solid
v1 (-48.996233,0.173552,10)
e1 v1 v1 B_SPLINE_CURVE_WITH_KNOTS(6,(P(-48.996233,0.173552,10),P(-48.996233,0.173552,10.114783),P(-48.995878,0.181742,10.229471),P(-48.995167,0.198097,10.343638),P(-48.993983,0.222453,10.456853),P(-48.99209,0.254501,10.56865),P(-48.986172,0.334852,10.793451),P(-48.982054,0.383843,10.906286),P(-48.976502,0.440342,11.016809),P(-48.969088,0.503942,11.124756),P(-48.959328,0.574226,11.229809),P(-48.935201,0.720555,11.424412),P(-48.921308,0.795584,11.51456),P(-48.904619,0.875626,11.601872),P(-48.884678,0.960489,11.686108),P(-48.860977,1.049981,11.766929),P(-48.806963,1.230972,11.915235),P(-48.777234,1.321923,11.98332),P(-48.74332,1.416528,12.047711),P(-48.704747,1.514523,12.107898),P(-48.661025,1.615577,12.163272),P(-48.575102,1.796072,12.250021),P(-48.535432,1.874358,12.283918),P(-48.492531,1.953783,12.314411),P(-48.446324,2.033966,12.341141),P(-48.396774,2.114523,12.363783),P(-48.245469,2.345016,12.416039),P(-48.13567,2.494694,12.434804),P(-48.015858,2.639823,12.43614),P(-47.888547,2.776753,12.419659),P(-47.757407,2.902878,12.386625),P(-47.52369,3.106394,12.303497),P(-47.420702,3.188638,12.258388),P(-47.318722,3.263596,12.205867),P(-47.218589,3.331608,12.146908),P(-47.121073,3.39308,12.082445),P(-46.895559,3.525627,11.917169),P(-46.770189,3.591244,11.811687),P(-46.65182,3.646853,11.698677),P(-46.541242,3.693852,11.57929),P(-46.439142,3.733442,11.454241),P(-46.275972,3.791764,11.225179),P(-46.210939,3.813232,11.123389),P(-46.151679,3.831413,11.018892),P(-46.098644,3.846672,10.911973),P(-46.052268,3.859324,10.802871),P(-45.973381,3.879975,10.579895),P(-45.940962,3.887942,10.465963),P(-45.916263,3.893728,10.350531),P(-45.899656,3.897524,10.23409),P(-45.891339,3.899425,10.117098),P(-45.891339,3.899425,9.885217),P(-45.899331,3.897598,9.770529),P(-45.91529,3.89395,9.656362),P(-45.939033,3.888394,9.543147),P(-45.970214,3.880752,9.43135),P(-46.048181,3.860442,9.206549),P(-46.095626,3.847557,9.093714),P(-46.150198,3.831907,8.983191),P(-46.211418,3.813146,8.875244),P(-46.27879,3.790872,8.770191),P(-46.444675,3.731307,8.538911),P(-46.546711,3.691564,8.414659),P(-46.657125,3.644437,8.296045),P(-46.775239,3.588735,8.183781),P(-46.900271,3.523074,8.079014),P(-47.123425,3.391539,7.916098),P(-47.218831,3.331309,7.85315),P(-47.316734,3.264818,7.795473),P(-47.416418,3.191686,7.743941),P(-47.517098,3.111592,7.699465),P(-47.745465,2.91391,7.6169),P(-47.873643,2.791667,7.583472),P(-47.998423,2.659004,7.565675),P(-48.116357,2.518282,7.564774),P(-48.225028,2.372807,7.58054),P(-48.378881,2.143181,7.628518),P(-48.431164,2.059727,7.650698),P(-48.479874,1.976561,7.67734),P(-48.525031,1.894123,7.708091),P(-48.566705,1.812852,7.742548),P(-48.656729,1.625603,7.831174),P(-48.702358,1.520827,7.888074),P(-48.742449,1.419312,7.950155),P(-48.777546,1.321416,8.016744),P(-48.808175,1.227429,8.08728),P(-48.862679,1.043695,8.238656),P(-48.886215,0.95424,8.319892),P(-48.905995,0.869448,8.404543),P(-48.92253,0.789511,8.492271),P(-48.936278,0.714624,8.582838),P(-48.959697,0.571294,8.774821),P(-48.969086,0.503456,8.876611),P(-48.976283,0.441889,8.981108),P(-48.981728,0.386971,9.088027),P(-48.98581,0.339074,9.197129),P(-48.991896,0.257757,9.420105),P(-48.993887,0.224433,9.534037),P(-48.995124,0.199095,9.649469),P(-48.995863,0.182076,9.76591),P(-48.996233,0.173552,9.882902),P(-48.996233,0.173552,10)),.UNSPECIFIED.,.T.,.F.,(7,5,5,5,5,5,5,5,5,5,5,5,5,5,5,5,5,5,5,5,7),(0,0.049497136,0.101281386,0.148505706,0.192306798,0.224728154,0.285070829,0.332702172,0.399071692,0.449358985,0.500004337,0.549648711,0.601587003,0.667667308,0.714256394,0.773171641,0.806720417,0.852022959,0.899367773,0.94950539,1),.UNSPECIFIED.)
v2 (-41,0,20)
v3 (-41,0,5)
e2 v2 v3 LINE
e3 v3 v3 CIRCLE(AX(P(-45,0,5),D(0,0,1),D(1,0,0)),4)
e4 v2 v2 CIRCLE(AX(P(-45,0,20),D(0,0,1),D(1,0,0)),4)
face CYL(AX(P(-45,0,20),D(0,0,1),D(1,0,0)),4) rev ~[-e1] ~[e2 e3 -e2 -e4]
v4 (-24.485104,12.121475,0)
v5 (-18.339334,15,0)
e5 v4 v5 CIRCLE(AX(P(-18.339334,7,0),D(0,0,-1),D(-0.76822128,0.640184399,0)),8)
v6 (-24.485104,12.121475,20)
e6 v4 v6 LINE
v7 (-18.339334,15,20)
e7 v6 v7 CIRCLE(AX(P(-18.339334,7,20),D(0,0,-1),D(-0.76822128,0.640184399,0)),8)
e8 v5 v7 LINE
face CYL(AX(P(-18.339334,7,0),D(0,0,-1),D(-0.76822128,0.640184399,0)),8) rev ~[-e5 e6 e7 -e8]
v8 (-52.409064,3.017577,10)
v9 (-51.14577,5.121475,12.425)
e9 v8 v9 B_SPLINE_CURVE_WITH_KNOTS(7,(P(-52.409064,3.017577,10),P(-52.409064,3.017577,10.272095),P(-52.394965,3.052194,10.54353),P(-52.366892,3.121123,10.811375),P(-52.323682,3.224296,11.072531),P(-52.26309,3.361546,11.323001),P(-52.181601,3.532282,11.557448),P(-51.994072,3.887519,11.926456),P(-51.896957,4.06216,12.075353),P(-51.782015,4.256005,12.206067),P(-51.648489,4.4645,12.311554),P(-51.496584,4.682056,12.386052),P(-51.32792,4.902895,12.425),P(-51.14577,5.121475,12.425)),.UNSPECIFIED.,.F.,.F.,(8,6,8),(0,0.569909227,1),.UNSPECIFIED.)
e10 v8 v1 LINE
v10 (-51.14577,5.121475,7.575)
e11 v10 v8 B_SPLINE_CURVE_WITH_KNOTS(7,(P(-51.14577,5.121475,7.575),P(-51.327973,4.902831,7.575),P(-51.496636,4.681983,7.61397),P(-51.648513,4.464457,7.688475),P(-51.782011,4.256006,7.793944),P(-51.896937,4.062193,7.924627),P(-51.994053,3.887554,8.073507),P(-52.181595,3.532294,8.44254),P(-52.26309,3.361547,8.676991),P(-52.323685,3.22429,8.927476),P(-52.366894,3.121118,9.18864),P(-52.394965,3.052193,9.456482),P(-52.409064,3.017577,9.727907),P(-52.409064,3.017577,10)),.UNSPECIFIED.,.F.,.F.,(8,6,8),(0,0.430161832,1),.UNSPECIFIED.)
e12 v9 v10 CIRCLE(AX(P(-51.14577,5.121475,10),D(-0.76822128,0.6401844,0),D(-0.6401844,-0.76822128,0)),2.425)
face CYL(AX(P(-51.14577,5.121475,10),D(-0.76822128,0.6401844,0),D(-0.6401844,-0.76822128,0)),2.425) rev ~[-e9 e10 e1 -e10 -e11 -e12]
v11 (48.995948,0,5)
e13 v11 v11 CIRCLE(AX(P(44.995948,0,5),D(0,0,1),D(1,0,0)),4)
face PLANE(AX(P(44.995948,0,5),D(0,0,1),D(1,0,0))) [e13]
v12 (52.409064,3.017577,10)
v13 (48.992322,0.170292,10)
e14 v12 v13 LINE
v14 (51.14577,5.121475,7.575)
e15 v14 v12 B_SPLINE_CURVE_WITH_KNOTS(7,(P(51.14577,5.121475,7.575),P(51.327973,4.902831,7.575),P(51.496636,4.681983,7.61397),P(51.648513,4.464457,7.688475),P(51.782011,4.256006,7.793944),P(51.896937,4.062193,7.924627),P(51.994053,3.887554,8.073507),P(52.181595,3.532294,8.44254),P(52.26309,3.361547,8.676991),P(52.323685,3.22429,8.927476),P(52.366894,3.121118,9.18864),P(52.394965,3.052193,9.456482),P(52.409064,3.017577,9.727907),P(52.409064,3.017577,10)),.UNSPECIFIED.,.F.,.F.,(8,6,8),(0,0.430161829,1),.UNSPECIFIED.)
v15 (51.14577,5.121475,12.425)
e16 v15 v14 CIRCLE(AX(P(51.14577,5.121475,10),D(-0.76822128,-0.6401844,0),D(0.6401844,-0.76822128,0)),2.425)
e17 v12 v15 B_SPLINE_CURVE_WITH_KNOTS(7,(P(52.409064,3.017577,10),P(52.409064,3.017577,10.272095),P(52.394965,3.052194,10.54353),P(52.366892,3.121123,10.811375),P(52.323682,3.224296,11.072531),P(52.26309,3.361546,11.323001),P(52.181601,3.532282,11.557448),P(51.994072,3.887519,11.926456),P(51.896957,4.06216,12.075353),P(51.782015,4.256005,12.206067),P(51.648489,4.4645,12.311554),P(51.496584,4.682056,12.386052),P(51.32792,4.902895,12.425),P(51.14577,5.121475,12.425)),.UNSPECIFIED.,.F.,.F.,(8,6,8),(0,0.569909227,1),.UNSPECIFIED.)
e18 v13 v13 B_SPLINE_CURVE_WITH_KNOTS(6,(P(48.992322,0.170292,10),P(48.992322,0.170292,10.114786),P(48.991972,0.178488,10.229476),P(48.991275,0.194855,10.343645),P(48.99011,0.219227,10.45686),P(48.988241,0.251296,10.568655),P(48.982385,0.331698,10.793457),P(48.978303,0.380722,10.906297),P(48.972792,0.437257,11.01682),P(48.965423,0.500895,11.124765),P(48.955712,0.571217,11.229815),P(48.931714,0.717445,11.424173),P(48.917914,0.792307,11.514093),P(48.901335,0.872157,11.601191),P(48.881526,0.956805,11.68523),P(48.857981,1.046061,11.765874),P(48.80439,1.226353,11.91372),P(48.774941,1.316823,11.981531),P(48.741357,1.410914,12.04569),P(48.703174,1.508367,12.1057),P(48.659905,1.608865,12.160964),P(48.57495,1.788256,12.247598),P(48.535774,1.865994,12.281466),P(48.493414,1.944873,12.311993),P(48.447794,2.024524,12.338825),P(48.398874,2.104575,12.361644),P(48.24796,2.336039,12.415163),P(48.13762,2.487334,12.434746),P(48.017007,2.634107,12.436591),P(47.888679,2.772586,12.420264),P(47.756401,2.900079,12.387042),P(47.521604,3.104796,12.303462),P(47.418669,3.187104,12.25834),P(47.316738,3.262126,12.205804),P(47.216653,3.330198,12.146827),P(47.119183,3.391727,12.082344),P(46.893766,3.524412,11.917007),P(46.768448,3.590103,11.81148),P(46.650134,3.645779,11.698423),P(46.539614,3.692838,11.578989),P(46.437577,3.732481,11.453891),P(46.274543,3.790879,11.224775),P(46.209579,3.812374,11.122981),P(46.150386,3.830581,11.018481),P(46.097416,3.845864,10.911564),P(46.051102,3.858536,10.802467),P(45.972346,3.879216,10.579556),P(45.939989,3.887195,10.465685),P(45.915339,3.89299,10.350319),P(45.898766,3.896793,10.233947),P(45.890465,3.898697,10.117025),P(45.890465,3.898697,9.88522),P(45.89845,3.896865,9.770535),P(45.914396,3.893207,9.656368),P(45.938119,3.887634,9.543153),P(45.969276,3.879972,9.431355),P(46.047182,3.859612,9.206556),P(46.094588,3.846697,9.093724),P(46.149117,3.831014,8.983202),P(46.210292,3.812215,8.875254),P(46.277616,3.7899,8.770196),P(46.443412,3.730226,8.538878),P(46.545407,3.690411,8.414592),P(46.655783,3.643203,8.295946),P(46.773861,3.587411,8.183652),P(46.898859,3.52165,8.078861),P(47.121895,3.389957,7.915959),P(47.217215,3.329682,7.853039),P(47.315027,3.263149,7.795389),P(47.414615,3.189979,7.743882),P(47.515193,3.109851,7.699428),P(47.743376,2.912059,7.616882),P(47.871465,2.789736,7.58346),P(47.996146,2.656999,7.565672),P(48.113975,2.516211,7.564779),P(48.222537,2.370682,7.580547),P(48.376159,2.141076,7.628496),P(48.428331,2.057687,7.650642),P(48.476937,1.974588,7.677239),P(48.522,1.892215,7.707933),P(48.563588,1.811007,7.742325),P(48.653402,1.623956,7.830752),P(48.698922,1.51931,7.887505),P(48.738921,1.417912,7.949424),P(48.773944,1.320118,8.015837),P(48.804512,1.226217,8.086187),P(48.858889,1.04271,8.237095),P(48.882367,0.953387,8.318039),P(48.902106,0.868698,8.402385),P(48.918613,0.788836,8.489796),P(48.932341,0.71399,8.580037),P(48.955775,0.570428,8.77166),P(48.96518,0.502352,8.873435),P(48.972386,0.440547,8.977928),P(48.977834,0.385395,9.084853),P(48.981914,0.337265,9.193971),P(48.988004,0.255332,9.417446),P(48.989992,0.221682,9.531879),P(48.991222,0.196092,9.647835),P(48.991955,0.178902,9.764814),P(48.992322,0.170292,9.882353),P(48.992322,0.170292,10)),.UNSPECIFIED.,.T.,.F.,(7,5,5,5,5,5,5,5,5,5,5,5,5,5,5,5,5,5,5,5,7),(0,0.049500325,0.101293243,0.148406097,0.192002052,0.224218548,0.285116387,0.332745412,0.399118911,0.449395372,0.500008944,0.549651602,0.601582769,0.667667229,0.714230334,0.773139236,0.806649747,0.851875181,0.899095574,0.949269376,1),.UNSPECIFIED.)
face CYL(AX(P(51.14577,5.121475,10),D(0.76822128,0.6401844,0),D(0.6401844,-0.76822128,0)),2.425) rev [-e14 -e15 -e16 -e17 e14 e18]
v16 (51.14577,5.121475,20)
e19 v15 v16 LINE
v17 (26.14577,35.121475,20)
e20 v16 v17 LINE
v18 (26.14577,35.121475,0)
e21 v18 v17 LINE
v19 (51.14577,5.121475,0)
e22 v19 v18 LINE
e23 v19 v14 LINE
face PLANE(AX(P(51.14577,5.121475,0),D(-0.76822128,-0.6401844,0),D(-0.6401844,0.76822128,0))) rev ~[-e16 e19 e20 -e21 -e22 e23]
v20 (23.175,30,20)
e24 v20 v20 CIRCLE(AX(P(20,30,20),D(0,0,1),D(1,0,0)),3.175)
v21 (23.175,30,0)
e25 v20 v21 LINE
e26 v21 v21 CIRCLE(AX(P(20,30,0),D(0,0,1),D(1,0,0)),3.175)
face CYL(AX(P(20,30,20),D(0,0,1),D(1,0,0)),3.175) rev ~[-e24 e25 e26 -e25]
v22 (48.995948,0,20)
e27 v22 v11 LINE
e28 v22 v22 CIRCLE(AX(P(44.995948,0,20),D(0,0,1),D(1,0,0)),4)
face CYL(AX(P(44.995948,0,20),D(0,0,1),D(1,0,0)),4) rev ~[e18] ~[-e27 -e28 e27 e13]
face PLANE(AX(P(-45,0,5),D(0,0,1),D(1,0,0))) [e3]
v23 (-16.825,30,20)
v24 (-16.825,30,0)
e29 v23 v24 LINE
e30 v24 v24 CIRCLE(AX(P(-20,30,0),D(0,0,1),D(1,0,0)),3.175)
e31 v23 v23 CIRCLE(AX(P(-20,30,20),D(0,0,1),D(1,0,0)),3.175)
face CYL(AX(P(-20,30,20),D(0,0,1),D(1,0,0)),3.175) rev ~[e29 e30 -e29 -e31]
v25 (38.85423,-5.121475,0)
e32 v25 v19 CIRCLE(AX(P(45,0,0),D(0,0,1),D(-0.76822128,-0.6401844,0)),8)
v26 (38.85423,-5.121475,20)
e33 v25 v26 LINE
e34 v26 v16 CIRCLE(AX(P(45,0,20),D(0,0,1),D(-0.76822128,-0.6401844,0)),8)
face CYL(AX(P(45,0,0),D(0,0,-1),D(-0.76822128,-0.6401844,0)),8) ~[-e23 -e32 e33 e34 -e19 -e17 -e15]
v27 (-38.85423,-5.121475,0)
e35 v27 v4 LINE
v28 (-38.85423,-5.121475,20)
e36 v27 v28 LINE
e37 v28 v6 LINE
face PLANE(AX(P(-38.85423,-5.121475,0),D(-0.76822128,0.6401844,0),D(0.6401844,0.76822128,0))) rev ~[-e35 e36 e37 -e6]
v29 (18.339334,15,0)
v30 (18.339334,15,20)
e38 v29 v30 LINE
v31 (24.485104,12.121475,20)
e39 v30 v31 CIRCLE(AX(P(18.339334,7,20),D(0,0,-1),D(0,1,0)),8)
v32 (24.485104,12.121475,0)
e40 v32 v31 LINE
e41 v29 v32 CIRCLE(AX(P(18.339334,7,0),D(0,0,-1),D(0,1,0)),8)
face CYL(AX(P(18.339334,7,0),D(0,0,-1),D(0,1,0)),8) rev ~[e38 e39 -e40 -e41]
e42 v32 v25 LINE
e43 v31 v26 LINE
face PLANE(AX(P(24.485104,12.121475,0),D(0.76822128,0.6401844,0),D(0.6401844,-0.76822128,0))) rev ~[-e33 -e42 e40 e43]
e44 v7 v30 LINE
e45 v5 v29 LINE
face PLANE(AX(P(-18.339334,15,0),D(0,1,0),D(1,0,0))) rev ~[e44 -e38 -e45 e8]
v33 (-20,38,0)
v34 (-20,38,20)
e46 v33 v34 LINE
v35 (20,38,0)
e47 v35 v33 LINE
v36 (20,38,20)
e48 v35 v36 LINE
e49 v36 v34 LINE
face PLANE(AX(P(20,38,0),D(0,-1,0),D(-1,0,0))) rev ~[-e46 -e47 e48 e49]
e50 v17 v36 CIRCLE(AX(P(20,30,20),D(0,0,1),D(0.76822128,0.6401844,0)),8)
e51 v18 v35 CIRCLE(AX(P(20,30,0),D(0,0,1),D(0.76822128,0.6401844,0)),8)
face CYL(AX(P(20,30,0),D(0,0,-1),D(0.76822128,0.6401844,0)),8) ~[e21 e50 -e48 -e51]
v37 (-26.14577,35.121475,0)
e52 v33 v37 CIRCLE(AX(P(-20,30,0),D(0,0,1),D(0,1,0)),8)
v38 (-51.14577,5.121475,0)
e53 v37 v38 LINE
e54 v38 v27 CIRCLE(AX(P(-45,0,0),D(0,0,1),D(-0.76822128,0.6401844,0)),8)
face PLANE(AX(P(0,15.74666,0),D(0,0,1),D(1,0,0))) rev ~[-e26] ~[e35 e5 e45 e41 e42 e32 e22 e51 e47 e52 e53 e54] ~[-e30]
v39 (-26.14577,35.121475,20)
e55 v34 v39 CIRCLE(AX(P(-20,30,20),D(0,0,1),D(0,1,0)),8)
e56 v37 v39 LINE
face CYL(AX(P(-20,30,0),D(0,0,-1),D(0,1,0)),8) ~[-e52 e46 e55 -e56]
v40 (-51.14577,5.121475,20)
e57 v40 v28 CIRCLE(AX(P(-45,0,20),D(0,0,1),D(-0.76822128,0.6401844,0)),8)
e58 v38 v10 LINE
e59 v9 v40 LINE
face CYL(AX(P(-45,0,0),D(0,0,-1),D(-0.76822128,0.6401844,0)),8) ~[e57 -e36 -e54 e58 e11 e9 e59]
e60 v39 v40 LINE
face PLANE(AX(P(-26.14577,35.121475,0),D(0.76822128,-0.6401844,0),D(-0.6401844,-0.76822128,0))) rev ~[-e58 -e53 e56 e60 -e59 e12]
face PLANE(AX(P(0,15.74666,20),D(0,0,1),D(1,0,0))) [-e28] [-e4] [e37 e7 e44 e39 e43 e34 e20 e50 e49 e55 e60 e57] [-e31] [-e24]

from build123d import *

# Parameters (mm, degrees)
BOSS_EXTRUDE1_DEPTH = 20
SKETCH2_R           = 4
CUT_EXTRUDE1_DEPTH  = 15
SKETCH6_R           = 2.425
CUT_EXTRUDE5_DEPTH  = 6
CUT_EXTRUDE6_REACH  = 70.213
SKETCH7_R           = 3.175


with BuildPart() as part:
    # Sketch1 → Boss-Extrude1 (new body)
    with BuildSketch(Plane.XY):
        with BuildLine():
            Line((-26.145770237, 35.121475197), (-51.145770237, 5.121475197))
            ThreePointArc((-51.145770237, 5.121475197), (-50.121475197, -6.145770237), (-38.854229763, -5.121475197))
            Line((-38.854229763, -5.121475197), (-24.485104434, 12.121475197))
            ThreePointArc((-24.485104434, 12.121475197), (-21.732577368, 14.24471537), (-18.339334198, 15))
            Line((-18.339334198, 15), (18.339334198, 15))
            ThreePointArc((18.339334198, 15), (21.732577368, 14.24471537), (24.485104434, 12.121475197))
            Line((24.485104434, 12.121475197), (38.854229763, -5.121475197))
            ThreePointArc((38.854229763, -5.121475197), (50.121475197, -6.145770237), (51.145770237, 5.121475197))
            Line((51.145770237, 5.121475197), (26.145770237, 35.121475197))
            ThreePointArc((26.145770237, 35.121475197), (23.39324317, 37.24471537), (20, 38))
            Line((20, 38), (-20, 38))
            ThreePointArc((-20, 38), (-23.39324317, 37.24471537), (-26.145770237, 35.121475197))
        make_face()
    extrude(amount=BOSS_EXTRUDE1_DEPTH)

    # Sketch2 → Cut-Extrude1 (cut)
    with BuildSketch(Plane.XY.offset(20)):
        with Locations((-45, 0)):
            Circle(SKETCH2_R)
        with Locations((44.995948223, 0)):
            Circle(SKETCH2_R)
    extrude(amount=-CUT_EXTRUDE1_DEPTH, mode=Mode.SUBTRACT)

    # Sketch6 → Cut-Extrude5 (cut)
    with BuildSketch(Plane(origin=(-32.703147286, 27.252622738, 0), x_dir=(0, 0, 1), z_dir=(-0.7682212795973757, 0.6401843996644799, 0))):
        with Locations(Location((10, -28.808297985, 0), (0, 0, 270))):
            Circle(SKETCH6_R)
    cut_extrude5 = extrude(amount=-CUT_EXTRUDE5_DEPTH, mode=Mode.SUBTRACT)

    # Mirror2: Cut-Extrude5 across plane
    add(cut_extrude5.mirror(Plane(origin=(0, 0, 0), x_dir=(0, 0, 1), z_dir=(1, 0, 0))), mode=Mode.SUBTRACT)

    # Sketch7 → Cut-Extrude6 (cut, up to next)
    with BuildSketch(Plane.XY.offset(20), mode=Mode.PRIVATE) as cut_extrude6_sk1:
        with Locations((-20, 30)):
            Circle(SKETCH7_R)
    cut_extrude6_tool1 = extrude(cut_extrude6_sk1.sketch, amount=-CUT_EXTRUDE6_REACH, mode=Mode.PRIVATE) & part.part
    # Sketch7 → Cut-Extrude6 (cut, up to next)
    with BuildSketch(Plane.XY.offset(20), mode=Mode.PRIVATE) as cut_extrude6_sk2:
        with Locations((20, 30)):
            Circle(SKETCH7_R)
    cut_extrude6_tool2 = extrude(cut_extrude6_sk2.sketch, amount=-CUT_EXTRUDE6_REACH, mode=Mode.PRIVATE) & part.part
    add(cut_extrude6_tool1.solids().sort_by_distance((-20, 30, 20))[0], mode=Mode.SUBTRACT)
    add(cut_extrude6_tool2.solids().sort_by_distance((20, 30, 20))[0], mode=Mode.SUBTRACT)


solid = part.part
